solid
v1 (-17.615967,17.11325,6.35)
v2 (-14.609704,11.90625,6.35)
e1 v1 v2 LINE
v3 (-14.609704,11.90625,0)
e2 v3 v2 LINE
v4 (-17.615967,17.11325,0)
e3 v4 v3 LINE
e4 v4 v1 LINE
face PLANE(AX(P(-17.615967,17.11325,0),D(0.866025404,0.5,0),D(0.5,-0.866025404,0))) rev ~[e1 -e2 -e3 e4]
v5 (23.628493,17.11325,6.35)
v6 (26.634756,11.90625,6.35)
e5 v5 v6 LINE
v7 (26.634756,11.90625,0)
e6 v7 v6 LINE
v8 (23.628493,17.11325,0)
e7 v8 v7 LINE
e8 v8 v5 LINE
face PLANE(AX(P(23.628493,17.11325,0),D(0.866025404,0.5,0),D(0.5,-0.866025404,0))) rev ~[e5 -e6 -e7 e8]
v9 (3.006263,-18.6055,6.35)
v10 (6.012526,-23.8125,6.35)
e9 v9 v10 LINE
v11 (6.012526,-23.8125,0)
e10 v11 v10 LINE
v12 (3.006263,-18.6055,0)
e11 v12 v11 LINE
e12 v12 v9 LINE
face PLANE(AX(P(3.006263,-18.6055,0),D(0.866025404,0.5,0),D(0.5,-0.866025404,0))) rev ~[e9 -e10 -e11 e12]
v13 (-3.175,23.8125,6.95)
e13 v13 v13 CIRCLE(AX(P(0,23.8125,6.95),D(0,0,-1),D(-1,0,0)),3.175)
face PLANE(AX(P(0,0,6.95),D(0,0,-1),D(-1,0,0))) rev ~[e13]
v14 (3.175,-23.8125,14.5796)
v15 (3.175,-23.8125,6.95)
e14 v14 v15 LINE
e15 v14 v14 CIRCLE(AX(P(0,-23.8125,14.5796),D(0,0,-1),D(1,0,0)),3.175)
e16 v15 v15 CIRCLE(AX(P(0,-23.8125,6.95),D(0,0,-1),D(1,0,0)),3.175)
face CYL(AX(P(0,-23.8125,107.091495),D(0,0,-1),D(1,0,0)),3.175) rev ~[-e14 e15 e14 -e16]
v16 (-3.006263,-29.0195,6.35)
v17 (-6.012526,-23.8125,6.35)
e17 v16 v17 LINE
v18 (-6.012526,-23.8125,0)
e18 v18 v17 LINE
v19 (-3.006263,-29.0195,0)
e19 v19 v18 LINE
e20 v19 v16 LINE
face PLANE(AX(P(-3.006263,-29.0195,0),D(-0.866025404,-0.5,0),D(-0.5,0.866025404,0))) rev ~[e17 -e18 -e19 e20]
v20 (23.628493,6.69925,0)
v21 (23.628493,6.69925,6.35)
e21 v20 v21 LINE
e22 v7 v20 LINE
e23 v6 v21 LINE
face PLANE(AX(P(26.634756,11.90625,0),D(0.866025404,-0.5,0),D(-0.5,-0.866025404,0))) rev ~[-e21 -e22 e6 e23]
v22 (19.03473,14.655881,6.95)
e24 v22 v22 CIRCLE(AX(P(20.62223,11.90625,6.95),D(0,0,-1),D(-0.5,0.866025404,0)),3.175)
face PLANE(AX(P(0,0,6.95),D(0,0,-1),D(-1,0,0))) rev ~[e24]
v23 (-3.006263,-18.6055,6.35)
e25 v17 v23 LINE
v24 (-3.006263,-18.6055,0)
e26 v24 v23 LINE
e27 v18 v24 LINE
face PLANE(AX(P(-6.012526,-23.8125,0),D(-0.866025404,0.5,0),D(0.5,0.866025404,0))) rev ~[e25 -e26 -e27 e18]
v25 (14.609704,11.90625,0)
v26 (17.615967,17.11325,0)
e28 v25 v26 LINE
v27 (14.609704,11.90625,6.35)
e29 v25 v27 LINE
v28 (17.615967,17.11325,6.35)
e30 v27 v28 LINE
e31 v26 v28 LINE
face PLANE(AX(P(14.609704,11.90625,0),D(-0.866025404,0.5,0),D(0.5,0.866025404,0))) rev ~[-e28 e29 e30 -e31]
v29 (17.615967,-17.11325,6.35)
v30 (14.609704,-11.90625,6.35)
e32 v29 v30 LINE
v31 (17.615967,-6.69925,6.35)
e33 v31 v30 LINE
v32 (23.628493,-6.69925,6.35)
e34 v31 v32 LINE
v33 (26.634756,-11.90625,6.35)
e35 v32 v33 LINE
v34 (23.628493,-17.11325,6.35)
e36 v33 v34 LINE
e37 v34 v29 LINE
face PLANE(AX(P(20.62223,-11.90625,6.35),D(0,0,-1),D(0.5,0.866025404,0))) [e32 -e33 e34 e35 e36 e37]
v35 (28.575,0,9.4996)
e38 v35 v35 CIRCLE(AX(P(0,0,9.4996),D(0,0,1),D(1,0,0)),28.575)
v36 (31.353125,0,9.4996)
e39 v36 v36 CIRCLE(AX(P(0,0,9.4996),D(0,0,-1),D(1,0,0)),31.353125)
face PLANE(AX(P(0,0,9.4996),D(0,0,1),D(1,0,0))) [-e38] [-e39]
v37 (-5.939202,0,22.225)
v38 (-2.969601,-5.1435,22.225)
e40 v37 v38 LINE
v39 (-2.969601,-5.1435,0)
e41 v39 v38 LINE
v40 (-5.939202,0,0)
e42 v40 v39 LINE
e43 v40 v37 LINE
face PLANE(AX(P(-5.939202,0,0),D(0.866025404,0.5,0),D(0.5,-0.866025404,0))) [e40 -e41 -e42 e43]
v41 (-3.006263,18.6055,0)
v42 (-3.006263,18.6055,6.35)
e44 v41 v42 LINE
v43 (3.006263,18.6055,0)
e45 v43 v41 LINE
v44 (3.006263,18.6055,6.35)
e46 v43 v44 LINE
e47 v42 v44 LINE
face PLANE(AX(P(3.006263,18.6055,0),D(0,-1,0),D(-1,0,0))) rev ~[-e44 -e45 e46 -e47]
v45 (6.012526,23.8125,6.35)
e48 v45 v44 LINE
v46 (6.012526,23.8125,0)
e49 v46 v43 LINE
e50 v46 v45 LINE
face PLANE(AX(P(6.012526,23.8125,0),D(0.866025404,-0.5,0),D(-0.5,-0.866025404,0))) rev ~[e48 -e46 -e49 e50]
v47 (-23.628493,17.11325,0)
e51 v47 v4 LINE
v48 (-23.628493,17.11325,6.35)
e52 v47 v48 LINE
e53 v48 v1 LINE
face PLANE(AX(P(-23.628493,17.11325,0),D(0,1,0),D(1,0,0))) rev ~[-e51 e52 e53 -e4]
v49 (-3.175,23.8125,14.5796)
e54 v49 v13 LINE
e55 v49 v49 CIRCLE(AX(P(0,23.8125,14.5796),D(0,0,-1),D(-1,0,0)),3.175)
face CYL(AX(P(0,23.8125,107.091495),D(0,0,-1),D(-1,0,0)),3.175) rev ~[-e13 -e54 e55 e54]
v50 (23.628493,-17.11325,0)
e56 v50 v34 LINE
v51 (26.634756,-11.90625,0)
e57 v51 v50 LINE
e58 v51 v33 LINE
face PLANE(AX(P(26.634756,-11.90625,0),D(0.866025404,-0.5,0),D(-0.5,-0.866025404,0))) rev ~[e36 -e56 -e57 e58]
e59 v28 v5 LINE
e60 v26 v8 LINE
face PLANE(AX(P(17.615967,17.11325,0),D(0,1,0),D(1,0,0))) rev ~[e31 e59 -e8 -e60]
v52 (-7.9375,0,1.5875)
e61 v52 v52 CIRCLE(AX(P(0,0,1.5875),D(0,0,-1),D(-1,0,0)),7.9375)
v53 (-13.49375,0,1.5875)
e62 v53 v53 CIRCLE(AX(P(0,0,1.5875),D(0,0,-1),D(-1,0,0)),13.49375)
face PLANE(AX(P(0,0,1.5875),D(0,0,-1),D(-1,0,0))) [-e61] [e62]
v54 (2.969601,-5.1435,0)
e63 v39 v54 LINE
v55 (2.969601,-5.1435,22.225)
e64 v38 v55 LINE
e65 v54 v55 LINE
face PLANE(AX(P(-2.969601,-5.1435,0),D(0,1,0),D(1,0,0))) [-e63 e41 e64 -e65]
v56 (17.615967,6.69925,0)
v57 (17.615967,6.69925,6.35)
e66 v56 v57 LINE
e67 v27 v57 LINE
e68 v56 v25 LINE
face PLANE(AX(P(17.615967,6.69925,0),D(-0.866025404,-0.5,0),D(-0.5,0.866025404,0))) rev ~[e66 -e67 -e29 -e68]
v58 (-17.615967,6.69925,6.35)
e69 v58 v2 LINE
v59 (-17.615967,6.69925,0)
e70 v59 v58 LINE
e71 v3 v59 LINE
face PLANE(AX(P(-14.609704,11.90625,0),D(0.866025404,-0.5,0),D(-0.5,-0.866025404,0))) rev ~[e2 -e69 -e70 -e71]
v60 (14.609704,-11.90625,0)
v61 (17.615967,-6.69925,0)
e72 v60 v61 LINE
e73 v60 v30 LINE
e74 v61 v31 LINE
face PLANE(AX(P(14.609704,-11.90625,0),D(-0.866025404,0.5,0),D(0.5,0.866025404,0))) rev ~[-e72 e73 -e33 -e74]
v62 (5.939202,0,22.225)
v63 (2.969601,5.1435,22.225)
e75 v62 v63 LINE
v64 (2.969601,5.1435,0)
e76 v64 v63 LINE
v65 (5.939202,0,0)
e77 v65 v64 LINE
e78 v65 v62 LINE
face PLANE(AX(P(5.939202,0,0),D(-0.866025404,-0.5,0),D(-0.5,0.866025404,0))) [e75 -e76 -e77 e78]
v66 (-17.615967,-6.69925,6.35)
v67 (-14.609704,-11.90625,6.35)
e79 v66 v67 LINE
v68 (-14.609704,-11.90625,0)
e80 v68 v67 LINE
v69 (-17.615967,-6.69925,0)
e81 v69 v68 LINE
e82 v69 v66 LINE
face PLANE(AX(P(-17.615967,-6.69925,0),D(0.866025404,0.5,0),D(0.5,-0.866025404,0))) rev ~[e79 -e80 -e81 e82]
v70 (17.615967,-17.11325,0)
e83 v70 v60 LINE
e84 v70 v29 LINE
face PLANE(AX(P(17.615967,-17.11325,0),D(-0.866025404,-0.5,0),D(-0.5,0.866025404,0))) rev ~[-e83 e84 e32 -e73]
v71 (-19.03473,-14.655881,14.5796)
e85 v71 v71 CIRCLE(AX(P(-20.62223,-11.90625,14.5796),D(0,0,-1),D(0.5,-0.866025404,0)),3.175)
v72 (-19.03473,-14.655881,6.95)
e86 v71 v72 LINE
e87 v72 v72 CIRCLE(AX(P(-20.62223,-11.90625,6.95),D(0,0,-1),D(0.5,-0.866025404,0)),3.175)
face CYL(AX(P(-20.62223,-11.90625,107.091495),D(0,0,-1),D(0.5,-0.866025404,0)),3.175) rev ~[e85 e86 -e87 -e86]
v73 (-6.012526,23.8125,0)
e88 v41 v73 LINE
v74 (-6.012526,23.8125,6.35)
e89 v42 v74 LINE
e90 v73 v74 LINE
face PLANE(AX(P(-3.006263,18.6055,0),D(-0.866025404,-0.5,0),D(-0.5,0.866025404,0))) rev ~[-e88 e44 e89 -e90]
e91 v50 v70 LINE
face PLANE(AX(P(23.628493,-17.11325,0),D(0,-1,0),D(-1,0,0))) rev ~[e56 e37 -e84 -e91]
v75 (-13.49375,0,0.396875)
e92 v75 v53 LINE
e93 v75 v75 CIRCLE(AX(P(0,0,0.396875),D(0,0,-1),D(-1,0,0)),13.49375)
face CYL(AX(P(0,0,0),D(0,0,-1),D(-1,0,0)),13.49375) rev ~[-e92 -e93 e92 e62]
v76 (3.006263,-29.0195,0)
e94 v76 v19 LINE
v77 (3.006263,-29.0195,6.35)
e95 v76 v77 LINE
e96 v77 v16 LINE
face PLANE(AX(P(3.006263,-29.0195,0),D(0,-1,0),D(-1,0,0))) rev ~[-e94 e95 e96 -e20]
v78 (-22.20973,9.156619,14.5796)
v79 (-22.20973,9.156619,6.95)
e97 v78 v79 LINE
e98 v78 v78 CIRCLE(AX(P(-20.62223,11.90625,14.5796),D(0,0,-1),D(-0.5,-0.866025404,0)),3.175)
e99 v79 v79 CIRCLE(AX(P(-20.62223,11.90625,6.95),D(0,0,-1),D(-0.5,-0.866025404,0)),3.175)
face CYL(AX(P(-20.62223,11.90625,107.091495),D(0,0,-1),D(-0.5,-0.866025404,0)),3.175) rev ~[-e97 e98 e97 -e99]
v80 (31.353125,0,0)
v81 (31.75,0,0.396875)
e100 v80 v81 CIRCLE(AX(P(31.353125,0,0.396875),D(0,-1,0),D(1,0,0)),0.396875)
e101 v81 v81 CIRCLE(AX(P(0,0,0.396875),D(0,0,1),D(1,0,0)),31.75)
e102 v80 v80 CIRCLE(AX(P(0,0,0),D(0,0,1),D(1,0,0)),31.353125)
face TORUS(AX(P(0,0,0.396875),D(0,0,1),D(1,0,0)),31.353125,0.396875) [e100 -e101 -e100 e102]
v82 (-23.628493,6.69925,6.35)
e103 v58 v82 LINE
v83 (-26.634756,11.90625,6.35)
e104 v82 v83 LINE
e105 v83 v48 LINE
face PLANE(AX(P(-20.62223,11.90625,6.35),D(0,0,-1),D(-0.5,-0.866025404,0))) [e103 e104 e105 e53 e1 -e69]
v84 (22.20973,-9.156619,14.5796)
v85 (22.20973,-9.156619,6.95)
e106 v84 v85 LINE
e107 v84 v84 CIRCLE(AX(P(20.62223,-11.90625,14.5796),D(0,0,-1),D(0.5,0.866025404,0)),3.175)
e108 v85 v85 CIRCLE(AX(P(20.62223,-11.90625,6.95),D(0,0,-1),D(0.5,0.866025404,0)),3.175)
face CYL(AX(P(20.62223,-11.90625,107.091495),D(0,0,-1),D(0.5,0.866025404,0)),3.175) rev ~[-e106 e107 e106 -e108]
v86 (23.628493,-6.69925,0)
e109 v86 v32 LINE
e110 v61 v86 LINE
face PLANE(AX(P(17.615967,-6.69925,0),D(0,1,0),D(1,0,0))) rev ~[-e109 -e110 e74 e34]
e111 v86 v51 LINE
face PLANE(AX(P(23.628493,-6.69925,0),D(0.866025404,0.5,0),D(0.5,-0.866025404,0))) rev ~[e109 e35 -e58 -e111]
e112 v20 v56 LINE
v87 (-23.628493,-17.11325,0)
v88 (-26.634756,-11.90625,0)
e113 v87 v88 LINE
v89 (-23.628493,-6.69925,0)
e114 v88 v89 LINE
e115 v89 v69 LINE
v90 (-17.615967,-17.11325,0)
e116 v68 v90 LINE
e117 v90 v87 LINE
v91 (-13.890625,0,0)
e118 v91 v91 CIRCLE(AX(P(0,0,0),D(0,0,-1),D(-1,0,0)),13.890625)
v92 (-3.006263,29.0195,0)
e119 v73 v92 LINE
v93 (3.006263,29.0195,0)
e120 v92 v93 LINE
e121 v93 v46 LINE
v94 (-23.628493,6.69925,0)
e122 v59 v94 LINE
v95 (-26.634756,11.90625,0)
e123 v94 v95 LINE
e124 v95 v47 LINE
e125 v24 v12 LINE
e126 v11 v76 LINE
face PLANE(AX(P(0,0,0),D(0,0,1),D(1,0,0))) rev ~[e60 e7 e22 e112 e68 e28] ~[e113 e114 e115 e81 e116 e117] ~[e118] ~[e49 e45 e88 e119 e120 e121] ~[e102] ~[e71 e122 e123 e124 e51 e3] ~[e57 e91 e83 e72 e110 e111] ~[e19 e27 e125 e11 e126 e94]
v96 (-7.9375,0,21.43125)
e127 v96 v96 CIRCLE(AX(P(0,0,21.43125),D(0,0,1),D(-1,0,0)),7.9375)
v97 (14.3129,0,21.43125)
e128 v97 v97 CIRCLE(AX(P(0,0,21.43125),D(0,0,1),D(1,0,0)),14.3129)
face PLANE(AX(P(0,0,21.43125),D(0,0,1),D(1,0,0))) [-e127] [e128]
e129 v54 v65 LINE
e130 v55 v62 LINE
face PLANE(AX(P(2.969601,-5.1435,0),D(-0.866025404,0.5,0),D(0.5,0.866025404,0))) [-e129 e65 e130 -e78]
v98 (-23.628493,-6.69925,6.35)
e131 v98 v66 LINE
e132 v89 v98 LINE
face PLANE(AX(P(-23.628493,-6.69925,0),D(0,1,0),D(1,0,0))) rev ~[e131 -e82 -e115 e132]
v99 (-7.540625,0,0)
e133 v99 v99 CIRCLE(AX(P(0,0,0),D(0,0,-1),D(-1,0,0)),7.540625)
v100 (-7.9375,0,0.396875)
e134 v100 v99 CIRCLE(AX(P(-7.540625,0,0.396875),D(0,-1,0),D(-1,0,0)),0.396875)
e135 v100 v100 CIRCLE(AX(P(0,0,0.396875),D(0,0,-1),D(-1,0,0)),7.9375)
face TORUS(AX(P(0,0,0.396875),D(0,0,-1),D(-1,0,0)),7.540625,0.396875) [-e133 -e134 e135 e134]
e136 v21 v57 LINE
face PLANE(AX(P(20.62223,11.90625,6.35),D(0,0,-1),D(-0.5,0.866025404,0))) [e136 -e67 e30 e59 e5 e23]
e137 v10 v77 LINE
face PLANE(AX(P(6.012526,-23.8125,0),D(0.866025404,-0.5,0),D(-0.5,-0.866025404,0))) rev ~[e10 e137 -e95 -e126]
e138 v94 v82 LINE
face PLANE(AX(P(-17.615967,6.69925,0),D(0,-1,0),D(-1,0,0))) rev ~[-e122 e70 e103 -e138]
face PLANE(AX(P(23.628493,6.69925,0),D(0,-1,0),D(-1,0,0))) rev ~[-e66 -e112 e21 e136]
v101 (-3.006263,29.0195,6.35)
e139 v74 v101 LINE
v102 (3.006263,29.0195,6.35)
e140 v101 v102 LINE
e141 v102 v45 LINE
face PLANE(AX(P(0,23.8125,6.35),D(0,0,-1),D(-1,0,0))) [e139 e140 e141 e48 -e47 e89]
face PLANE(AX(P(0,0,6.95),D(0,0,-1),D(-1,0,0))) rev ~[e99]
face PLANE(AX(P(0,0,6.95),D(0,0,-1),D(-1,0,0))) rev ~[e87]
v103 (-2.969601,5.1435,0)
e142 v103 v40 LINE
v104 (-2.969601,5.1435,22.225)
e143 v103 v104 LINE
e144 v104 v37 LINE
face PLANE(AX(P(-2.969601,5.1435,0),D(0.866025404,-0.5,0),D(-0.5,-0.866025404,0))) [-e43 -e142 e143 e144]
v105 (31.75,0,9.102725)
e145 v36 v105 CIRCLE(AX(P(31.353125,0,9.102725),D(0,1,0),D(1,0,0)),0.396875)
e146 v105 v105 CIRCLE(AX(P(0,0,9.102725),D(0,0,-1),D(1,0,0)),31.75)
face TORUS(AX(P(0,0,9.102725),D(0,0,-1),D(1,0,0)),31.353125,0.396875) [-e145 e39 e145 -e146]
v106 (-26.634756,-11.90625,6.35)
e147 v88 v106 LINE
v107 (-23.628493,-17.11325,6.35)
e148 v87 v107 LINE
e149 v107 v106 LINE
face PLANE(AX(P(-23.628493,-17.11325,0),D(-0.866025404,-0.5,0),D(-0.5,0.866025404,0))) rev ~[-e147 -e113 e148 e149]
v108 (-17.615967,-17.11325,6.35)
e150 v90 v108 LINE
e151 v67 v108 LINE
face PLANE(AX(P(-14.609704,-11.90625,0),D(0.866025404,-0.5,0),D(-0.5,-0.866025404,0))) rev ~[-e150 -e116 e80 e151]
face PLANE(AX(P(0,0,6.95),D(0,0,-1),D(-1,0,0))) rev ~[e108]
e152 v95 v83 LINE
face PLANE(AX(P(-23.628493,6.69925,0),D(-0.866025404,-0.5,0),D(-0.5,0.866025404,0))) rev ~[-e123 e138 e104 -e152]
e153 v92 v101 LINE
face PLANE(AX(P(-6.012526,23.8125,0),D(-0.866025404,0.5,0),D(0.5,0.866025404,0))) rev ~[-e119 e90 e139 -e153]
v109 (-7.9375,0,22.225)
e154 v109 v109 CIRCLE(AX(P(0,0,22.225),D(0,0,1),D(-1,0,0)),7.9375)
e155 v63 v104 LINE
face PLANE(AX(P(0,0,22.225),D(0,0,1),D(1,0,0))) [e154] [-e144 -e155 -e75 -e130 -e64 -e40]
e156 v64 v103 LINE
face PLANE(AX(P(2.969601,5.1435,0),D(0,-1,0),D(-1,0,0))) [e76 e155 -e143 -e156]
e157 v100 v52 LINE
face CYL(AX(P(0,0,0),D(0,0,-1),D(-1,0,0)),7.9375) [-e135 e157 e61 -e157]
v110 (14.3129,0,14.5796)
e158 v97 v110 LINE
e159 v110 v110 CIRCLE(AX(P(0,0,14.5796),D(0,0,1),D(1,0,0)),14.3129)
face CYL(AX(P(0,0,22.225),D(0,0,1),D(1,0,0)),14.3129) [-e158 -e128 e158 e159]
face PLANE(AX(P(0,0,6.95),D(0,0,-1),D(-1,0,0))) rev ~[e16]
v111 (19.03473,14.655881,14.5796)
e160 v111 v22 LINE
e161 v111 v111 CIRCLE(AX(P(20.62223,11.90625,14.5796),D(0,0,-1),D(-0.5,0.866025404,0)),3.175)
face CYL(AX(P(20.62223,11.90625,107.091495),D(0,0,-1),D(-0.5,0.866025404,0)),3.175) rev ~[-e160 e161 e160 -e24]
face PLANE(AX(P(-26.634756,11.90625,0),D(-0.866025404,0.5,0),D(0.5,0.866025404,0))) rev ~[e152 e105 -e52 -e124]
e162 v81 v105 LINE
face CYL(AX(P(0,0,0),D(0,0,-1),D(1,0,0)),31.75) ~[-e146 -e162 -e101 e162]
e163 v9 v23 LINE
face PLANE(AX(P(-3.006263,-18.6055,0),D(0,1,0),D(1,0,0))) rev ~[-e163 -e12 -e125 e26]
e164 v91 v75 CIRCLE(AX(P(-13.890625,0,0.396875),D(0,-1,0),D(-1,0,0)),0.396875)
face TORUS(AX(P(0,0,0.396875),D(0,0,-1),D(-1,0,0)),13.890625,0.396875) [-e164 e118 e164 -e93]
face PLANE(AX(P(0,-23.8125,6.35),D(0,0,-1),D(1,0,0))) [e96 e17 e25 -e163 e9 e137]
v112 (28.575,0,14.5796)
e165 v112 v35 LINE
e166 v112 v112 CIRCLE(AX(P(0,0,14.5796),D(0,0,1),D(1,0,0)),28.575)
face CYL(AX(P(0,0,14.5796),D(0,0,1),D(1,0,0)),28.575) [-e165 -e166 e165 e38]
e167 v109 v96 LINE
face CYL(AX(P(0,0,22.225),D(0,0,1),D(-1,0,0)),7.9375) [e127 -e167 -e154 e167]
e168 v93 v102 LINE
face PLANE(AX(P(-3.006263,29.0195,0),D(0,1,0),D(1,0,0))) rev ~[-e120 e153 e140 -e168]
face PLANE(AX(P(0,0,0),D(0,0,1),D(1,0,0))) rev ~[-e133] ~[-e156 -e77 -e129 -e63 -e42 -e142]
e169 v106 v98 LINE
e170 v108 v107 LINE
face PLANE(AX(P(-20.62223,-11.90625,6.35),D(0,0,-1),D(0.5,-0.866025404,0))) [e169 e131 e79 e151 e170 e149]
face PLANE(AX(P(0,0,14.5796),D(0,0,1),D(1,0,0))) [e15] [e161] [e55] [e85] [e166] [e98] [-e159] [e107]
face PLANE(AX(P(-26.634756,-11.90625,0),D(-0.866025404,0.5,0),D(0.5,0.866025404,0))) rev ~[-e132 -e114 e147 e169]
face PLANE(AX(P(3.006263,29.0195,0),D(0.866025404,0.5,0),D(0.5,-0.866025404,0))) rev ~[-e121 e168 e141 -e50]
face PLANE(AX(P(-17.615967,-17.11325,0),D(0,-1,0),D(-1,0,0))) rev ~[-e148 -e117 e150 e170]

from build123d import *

# Parameters (mm, degrees)
SKETCH1_R              = 31.75
BOSS_EXTRUDE1_DEPTH    = 22.225
SKETCH2_R              = 13.49375
SKETCH2_R_2            = 7.9375
CUT_EXTRUDE1_DEPTH     = 1.5875
SKETCH3_OUTSIDE_W      = 84.002
SKETCH3_OUTSIDE_H      = 84.002
SKETCH3_OUTSIDE_R      = 14.3129
CUT_EXTRUDE2_DEPTH     = 7.6454
SKETCH7_OUTSIDE_W      = 84.002
SKETCH7_OUTSIDE_H      = 84.002
SKETCH7_OUTSIDE_R      = 28.575
CUT_EXTRUDE3_DEPTH     = 5.08
F_10_CLEARANCE_HOLE1_D = 6.35
CUT_EXTRUDE4_DEPTH     = 6.35
CIRPATTERN1_COUNT      = 6
SKETCH9_R              = 29.174800712
SKETCH9_R_2            = 18.6055
BOSS_EXTRUDE2_DEPTH    = 0.6
FILLET1_R              = 0.396875
SKETCH10_OUTSIDE_W     = 84.002
SKETCH10_OUTSIDE_H     = 84.002
SKETCH10_OUTSIDE_R     = 7.9375
CUT_EXTRUDE5_DEPTH     = 0.79375


with BuildPart() as part:
    # Sketch1 → Boss-Extrude1 (new body)
    with BuildSketch(Plane.XY):
        Circle(SKETCH1_R)
        Polygon((2.96960111, -5.1435), (5.939202219, 0), (2.96960111, 5.1435), (-2.96960111, 5.1435), (-5.939202219, 0), (-2.96960111, -5.1435), align=None, mode=Mode.SUBTRACT)
    extrude(amount=BOSS_EXTRUDE1_DEPTH)

    # Sketch2 → Cut-Extrude1 (cut)
    with BuildSketch(Plane(origin=(0, 0, 0), x_dir=(-1, 0, 0), z_dir=(0, 0, -1))):
        Circle(SKETCH2_R)
        Circle(SKETCH2_R_2, mode=Mode.SUBTRACT)
    extrude(amount=-CUT_EXTRUDE1_DEPTH, mode=Mode.SUBTRACT)

    # Sketch3 outside → Cut-Extrude2 (cut)
    with BuildSketch(Plane.XY.offset(22.225)):
        Rectangle(SKETCH3_OUTSIDE_W, SKETCH3_OUTSIDE_H)
        Circle(SKETCH3_OUTSIDE_R, mode=Mode.SUBTRACT)
    extrude(amount=-CUT_EXTRUDE2_DEPTH, mode=Mode.SUBTRACT)

    # Sketch7 outside → Cut-Extrude3 (cut)
    with BuildSketch(Plane.XY.offset(14.5796)):
        Rectangle(SKETCH7_OUTSIDE_W, SKETCH7_OUTSIDE_H)
        Circle(SKETCH7_OUTSIDE_R, mode=Mode.SUBTRACT)
    extrude(amount=-CUT_EXTRUDE3_DEPTH, mode=Mode.SUBTRACT)

    # #10 Clearance Hole1 (through all)
    with Locations(Plane.XY.offset(14.5796)):
        with Locations((0, 23.8125)):
            f_10_clearance_hole1 = Hole(F_10_CLEARANCE_HOLE1_D / 2)

    # Sketch8 → Cut-Extrude4 (cut)
    with BuildSketch(Plane(origin=(0, 0, 0), x_dir=(-1, 0, 0), z_dir=(0, 0, -1))):
        Polygon((3.006262852, 18.6055), (6.012525703, 23.8125), (3.006262852, 29.0195), (-3.006262852, 29.0195), (-6.012525703, 23.8125), (-3.006262852, 18.6055), align=None)
    cut_extrude4 = extrude(amount=-CUT_EXTRUDE4_DEPTH, mode=Mode.SUBTRACT)

    # CirPattern1: #10 Clearance Hole1, Cut-Extrude4 ×6 about axis
    cirpattern1_axis = Axis((0, 0, 0), (0, 0, 1))
    add([f_10_clearance_hole1.rotate(cirpattern1_axis, i * 360 / CIRPATTERN1_COUNT) for i in range(1, CIRPATTERN1_COUNT)], mode=Mode.SUBTRACT)
    add([cut_extrude4.rotate(cirpattern1_axis, i * 360 / CIRPATTERN1_COUNT) for i in range(1, CIRPATTERN1_COUNT)], mode=Mode.SUBTRACT)

    # Sketch9 → Boss-Extrude2 (add)
    with BuildSketch(Plane(origin=(0, 0, 6.35), x_dir=(-1, 0, 0), z_dir=(0, 0, -1))):
        Circle(SKETCH9_R)
        Circle(SKETCH9_R_2, mode=Mode.SUBTRACT)
    extrude(amount=-BOSS_EXTRUDE2_DEPTH)

    # Fillet1
    fillet1_edges = [part.edges().sort_by_distance(p)[0] for p in [
        (-31.75, 0, 0),
        (13.49375, 0, 0),
        (7.9375, 0, 0),
        (-31.75, 0, 9.4996),
    ]]
    fillet(fillet1_edges, radius=FILLET1_R)

    # Sketch10 outside → Cut-Extrude5 (cut)
    with BuildSketch(Plane.XY.offset(22.225)):
        Rectangle(SKETCH10_OUTSIDE_W, SKETCH10_OUTSIDE_H)
        with Locations(Location((0, 0, 0), (0, 0, 180))):
            Circle(SKETCH10_OUTSIDE_R, mode=Mode.SUBTRACT)
    extrude(amount=-CUT_EXTRUDE5_DEPTH, mode=Mode.SUBTRACT)


solid = part.part
